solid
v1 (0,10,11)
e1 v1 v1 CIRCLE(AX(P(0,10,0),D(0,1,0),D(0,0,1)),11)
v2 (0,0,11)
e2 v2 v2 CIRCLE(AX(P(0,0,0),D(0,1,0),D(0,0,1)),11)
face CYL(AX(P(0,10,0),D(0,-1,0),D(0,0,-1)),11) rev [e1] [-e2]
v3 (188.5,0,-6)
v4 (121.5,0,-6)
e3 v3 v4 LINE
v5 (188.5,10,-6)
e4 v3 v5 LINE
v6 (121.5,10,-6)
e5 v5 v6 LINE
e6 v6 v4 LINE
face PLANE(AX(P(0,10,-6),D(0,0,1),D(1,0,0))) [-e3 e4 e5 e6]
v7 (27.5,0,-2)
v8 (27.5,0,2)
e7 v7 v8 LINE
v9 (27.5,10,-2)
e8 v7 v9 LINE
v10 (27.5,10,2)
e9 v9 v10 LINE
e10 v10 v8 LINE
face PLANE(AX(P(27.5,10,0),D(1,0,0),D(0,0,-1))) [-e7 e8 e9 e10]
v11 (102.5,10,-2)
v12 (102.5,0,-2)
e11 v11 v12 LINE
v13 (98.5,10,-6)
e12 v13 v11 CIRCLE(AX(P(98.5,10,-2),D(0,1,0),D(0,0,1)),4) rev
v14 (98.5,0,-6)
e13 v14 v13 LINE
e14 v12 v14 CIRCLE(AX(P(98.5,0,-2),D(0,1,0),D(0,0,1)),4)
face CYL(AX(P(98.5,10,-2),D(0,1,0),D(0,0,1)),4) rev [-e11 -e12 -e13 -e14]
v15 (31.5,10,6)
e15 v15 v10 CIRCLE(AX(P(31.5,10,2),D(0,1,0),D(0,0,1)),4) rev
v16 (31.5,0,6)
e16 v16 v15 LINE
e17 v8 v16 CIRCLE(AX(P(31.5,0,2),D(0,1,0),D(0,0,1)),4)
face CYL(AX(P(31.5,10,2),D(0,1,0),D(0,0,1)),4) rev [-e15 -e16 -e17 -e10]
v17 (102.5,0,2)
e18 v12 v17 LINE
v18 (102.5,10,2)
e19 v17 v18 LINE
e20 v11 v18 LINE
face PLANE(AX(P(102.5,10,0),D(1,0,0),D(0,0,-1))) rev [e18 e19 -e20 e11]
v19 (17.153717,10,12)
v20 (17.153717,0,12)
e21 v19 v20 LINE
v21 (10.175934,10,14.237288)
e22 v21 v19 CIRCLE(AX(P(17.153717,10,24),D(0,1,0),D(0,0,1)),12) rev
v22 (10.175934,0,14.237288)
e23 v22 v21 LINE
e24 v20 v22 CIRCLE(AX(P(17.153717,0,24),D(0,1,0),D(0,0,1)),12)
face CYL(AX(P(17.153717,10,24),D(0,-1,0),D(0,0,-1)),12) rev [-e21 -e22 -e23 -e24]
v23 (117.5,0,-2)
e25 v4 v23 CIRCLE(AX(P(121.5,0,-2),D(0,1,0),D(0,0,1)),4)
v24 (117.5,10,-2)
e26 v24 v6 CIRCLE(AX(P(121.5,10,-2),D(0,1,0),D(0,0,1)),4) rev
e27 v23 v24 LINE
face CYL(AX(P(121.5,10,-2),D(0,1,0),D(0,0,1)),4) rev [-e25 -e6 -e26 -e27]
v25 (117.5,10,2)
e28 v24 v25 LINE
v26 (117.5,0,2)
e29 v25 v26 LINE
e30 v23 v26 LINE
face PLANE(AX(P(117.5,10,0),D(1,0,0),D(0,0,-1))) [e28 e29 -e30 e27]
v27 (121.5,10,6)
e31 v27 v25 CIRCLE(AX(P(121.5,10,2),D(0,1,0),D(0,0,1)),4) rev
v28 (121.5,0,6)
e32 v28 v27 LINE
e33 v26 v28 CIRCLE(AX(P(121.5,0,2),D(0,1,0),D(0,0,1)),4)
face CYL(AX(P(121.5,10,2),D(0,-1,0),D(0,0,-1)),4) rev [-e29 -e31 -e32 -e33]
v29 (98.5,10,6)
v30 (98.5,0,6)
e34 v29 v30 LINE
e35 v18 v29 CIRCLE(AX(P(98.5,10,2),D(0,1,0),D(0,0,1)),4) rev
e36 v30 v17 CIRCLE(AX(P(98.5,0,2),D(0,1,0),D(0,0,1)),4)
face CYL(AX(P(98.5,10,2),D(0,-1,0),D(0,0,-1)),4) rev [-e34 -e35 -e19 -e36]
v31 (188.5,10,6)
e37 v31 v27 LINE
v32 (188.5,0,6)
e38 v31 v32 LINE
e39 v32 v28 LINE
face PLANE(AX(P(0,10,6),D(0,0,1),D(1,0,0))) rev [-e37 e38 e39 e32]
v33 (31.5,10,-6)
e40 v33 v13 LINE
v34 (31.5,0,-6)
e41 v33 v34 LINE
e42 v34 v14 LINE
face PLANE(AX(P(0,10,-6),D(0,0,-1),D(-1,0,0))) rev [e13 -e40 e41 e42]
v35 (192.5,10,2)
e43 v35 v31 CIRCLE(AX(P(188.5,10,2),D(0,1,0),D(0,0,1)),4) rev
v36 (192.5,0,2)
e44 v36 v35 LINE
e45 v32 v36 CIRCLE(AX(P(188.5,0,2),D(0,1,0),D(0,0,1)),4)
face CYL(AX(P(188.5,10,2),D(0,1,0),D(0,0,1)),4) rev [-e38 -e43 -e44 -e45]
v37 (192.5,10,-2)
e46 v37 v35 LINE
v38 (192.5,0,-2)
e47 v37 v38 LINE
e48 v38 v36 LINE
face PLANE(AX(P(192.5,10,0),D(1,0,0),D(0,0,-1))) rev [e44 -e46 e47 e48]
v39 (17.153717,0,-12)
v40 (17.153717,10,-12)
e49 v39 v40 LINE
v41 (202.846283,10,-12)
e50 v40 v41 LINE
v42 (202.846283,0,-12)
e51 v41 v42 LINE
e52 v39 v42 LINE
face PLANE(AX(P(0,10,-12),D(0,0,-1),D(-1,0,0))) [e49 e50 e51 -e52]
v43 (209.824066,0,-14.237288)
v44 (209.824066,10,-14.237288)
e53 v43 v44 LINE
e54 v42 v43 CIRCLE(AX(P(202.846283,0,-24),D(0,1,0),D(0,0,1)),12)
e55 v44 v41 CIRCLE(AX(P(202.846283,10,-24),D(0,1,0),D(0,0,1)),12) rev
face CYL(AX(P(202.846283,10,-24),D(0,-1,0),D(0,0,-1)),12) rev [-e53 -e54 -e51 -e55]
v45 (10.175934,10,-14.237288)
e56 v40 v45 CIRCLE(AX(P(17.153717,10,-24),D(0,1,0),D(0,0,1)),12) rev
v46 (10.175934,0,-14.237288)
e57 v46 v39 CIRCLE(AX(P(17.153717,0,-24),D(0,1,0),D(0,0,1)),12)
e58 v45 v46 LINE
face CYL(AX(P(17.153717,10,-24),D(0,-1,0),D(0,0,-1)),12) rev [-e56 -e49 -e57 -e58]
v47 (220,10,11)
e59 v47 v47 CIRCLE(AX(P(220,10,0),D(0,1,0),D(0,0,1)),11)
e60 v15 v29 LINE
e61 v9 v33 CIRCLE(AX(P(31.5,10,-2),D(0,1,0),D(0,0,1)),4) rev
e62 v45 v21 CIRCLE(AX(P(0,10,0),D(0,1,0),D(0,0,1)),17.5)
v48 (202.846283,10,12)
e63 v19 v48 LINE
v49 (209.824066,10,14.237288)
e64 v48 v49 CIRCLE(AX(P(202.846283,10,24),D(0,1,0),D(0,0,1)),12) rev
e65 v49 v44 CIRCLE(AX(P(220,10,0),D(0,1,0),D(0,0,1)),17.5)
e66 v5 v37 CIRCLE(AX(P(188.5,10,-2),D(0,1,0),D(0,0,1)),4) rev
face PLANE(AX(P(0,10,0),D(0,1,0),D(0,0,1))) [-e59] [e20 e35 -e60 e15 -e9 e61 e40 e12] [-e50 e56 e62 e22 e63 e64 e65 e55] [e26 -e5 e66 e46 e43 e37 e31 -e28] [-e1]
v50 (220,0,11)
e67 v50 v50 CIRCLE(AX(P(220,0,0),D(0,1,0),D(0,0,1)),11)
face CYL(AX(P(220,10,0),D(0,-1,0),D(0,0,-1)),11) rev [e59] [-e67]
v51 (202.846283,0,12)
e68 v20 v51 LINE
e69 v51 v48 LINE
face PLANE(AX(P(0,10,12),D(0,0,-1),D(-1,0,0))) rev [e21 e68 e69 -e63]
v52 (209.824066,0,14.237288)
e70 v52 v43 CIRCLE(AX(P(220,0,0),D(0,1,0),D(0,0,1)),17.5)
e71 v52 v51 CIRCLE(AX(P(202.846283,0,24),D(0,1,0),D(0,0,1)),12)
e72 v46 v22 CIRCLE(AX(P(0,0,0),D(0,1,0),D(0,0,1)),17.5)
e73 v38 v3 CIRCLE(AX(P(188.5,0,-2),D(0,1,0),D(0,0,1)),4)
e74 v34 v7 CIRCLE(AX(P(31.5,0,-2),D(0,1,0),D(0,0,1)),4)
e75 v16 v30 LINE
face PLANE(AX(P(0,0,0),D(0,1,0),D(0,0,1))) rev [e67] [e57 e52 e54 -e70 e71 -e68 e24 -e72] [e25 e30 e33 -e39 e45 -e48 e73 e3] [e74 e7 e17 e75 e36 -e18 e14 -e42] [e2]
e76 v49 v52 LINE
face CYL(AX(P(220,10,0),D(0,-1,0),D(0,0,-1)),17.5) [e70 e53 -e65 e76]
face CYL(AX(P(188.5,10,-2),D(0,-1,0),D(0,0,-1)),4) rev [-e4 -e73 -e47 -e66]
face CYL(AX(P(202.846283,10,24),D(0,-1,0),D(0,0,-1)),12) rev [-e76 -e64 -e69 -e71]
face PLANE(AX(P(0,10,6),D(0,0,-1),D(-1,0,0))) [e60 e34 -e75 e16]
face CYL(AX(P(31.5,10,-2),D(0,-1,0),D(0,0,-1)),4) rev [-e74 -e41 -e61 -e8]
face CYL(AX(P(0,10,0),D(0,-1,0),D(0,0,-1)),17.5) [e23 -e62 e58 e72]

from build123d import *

# Parameters (mm, degrees)
SKETCH1_W           = 75
SKETCH1_H           = 12
SKETCH1_R           = 17.5
SKETCH1_R_2         = 11
BOSS_EXTRUDE1_DEPTH = 10
FILLET1_R           = 4
FILLET2_R           = 12


with BuildPart() as part:
    # Sketch1 → Boss-Extrude1 (new body)
    with BuildSketch(Plane(origin=(0, 0, 0), x_dir=(1, 0, 0), z_dir=(0, 1, 0))):
        with BuildLine():
            Line((197.072466256, 12), (12.737739203, 12))
            ThreePointArc((12.737739203, 12), (16.265921985, 6.45521355), (17.5, 0))
            ThreePointArc((17.5, 0), (16.265921985, -6.45521355), (12.737739203, -12))
            Line((12.737739203, -12), (207.262260797, -12))
            ThreePointArc((207.262260797, -12), (202.5, 0), (207.262260797, 12))
            Line((207.262260797, 12), (197.072466256, 12))
        make_face()
        with Locations((65, 0)):
            Rectangle(SKETCH1_W, SKETCH1_H, mode=Mode.SUBTRACT)
        with Locations((155, 0)):
            Rectangle(SKETCH1_W, SKETCH1_H, mode=Mode.SUBTRACT)
        Circle(SKETCH1_R)
        Circle(SKETCH1_R_2, mode=Mode.SUBTRACT)
        with Locations((220, 0)):
            Circle(SKETCH1_R)
        with Locations((220, 0)):
            Circle(SKETCH1_R_2, mode=Mode.SUBTRACT)
    extrude(amount=BOSS_EXTRUDE1_DEPTH)

    # Fillet1
    fillet1_edges = [part.edges().sort_by_distance(p)[0] for p in [
        (27.5, 5, -6),
        (27.5, 5, 6),
        (102.5, 5, 6),
        (102.5, 5, -6),
        (117.5, 5, -6),
        (117.5, 5, 6),
        (192.5, 5, 6),
        (192.5, 5, -6),
    ]]
    fillet(fillet1_edges, radius=FILLET1_R)

    # Fillet2
    fillet2_edges = [part.edges().sort_by_distance(p)[0] for p in [
        (12.737739203, 5, 12),
        (12.737739203, 5, -12),
        (207.262260797, 5, -12),
        (207.262260797, 5, 12),
    ]]
    fillet(fillet2_edges, radius=FILLET2_R)


solid = part.part
